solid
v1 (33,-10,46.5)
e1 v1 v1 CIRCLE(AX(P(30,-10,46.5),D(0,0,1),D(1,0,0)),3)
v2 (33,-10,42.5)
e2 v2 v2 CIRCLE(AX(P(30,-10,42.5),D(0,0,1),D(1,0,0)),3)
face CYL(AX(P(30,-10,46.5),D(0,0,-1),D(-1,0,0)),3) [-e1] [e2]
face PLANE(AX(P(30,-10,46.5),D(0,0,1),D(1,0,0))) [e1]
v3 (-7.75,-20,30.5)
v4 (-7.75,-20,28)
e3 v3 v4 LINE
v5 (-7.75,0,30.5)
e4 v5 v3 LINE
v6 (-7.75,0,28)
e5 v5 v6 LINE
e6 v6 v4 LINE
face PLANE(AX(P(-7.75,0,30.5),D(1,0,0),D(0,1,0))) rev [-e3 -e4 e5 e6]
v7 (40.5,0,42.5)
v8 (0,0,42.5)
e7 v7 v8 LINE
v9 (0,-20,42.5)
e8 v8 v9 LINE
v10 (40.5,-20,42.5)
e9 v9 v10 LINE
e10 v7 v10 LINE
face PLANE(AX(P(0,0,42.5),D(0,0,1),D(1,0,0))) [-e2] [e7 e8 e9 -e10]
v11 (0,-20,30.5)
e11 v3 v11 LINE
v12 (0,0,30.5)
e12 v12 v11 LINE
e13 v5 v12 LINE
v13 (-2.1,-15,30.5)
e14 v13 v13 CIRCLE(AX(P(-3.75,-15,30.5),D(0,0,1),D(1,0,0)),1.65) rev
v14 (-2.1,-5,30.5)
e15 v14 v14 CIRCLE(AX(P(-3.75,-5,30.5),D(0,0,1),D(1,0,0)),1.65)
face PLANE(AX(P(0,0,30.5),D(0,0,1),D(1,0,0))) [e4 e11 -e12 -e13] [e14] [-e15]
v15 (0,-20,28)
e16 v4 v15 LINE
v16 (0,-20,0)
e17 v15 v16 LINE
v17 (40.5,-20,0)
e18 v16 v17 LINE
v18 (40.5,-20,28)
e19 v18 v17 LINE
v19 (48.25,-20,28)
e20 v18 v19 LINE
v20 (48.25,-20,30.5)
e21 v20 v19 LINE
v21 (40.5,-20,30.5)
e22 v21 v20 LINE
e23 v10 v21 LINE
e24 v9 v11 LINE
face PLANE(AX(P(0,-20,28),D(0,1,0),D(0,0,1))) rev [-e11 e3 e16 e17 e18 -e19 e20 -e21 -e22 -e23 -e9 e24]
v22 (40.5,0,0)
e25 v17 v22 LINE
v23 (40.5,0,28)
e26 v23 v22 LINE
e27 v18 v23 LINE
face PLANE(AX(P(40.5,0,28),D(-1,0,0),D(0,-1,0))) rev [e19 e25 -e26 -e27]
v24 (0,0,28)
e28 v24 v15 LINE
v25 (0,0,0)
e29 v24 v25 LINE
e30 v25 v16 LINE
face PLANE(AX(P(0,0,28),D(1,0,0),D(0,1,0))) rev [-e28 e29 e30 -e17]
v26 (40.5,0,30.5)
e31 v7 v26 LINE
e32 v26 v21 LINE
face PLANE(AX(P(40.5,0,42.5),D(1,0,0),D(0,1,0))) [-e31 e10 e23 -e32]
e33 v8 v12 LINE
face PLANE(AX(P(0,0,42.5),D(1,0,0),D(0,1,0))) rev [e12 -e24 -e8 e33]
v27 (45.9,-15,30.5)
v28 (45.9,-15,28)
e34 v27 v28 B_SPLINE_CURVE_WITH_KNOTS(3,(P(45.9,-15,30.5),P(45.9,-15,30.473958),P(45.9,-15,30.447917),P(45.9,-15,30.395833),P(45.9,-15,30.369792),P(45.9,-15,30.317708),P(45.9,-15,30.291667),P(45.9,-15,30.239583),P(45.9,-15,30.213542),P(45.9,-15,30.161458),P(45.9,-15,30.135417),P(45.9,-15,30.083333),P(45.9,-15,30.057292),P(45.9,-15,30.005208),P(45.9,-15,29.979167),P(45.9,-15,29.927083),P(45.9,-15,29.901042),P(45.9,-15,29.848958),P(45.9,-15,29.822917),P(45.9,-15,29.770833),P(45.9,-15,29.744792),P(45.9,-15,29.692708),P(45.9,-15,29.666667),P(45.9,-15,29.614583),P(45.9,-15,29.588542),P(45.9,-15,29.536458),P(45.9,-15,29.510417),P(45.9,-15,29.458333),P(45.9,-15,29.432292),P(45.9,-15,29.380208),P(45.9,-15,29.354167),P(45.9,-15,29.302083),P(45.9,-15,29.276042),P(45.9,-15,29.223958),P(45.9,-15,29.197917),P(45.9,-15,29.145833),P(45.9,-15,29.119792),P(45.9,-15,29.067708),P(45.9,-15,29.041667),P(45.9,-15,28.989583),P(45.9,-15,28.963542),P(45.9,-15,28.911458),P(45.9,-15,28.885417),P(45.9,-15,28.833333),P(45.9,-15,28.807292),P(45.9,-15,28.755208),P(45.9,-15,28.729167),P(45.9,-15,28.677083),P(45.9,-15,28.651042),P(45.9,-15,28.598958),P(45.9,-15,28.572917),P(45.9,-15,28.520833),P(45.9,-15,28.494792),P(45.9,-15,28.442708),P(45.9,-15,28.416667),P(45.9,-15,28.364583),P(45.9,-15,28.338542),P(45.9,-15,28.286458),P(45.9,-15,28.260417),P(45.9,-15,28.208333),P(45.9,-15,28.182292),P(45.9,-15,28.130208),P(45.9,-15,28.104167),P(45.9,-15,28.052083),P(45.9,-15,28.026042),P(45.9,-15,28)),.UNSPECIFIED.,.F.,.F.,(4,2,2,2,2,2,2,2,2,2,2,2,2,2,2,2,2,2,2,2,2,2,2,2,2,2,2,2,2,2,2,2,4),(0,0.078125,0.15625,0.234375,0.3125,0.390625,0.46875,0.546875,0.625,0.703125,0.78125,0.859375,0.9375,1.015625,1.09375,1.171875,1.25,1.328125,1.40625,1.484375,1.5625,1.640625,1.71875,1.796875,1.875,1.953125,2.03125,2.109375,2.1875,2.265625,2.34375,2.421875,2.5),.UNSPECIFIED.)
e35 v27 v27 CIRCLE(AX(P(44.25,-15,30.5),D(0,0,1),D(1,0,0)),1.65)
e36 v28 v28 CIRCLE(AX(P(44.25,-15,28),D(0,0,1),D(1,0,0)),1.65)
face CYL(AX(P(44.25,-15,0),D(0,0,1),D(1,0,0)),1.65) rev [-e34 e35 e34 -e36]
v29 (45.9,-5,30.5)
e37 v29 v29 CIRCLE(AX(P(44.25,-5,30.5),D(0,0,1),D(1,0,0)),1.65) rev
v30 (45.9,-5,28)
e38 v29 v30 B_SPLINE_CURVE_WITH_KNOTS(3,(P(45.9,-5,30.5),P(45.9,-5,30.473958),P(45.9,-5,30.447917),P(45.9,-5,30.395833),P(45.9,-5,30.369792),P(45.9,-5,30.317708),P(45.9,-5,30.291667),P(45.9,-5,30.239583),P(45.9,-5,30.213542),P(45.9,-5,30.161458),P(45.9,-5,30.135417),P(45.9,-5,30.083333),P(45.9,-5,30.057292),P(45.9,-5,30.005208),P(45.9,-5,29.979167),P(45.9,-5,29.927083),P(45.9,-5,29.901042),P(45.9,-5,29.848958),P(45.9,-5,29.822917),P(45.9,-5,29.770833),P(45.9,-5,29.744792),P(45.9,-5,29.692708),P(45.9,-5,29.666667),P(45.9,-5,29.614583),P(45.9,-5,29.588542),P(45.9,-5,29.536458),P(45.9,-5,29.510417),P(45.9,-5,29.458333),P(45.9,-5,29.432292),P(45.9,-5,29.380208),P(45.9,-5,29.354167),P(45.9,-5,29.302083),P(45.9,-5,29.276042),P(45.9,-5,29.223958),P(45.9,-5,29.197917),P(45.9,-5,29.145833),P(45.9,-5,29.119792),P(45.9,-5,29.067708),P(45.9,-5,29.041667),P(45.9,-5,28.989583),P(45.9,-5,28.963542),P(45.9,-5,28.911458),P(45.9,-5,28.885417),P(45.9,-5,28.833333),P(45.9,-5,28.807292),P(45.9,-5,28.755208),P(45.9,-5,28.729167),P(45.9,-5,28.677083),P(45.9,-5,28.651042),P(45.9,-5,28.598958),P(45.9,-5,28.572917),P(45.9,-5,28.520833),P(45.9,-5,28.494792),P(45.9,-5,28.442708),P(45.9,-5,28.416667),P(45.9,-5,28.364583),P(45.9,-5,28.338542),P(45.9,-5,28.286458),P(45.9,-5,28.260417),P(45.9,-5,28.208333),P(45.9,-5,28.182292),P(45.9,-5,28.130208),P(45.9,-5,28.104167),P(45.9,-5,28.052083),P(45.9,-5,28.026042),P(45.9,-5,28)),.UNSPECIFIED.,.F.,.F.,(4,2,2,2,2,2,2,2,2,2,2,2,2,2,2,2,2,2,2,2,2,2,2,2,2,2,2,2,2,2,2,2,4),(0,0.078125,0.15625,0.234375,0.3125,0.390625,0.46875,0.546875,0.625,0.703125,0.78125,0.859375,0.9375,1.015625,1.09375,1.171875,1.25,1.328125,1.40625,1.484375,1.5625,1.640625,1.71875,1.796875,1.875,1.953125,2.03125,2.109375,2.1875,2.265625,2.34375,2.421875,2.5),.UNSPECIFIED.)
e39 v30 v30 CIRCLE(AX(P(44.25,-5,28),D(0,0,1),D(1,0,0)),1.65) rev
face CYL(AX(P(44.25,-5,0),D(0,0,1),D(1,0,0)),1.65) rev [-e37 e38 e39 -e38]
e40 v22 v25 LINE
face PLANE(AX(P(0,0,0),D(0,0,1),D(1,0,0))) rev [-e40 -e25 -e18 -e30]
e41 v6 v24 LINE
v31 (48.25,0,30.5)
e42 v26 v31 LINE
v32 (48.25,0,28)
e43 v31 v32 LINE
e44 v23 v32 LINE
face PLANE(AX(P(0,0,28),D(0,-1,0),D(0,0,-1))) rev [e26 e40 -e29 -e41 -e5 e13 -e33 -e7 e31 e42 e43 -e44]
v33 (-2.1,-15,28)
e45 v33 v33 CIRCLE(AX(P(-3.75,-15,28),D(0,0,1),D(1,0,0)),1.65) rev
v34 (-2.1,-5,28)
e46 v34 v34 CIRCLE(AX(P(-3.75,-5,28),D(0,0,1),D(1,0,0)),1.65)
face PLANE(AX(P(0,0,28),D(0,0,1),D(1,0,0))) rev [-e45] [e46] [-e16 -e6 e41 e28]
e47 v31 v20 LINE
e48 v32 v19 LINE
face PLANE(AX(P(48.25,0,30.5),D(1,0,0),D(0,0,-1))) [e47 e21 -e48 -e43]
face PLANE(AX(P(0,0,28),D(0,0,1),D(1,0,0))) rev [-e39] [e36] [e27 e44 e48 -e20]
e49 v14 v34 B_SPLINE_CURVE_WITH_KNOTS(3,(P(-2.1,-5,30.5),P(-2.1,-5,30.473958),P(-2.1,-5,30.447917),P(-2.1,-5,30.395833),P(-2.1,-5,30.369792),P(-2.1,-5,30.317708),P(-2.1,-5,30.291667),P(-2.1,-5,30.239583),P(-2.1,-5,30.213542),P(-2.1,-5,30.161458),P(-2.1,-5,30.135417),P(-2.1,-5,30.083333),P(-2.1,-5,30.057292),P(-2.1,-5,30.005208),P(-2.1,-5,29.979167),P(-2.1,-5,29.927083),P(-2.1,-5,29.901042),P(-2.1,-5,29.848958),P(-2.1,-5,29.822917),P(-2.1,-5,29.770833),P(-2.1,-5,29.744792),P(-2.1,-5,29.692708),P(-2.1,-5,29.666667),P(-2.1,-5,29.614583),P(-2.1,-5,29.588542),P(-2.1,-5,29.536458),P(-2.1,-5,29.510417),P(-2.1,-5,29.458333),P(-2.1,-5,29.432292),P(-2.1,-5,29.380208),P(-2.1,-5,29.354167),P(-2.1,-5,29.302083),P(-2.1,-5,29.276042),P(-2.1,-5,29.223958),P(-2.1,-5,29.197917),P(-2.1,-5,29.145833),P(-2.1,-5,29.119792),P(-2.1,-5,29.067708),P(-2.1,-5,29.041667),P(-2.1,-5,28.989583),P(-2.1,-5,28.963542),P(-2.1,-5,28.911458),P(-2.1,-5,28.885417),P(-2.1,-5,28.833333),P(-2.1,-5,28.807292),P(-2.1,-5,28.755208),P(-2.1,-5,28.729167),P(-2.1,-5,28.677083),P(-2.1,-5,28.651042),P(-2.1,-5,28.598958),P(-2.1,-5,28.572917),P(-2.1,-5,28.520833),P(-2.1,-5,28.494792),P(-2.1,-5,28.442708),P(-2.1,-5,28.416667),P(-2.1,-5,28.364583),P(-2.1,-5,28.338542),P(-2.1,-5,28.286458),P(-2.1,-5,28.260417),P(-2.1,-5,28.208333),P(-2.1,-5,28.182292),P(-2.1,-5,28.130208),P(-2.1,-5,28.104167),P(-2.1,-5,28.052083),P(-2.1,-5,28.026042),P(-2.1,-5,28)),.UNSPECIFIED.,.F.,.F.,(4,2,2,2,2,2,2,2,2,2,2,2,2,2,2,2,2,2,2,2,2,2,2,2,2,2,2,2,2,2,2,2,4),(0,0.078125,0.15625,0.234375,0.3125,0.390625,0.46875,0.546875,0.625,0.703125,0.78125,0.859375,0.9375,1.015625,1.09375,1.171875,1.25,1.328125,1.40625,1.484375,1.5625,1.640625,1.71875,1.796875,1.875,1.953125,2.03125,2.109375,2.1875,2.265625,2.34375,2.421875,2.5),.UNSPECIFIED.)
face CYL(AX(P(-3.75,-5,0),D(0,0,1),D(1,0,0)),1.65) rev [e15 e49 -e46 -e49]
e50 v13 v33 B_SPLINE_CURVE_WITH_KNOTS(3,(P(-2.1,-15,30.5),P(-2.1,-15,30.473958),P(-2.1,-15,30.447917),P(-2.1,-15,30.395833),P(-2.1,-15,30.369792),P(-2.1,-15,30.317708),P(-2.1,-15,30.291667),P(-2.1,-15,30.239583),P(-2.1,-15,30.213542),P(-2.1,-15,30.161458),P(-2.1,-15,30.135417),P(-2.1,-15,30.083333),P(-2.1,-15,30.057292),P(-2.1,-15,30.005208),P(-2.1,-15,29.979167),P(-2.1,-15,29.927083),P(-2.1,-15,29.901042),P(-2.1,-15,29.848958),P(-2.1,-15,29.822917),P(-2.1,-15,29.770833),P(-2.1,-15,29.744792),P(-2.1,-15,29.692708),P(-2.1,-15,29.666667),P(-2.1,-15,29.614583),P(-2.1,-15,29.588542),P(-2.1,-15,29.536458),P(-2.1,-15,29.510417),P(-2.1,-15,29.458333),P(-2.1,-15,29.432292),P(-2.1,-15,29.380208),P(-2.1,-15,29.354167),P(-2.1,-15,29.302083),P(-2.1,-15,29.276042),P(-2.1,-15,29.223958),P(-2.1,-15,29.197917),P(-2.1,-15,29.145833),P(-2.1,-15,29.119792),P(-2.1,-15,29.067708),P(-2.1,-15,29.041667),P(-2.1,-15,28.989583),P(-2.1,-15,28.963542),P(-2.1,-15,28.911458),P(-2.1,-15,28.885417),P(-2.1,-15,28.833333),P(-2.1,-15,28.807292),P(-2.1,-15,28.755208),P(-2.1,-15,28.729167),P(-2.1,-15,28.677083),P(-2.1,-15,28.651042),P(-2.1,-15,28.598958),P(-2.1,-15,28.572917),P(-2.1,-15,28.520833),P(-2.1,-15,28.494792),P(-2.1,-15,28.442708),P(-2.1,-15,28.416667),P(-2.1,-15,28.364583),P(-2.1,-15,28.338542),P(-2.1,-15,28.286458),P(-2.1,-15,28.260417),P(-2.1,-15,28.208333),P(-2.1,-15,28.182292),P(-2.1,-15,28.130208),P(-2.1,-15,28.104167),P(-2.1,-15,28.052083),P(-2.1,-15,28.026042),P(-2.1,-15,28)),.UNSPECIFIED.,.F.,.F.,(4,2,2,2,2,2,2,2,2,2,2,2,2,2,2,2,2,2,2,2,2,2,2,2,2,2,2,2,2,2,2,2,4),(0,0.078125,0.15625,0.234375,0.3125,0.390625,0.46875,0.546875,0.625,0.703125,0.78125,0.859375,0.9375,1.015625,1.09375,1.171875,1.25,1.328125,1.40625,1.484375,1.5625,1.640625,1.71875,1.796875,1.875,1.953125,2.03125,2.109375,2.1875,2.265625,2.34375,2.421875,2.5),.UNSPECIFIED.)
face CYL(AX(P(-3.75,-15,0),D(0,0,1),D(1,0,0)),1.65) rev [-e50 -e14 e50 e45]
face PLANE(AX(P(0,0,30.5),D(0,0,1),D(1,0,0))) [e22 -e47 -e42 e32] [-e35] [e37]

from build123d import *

# Parameters (mm, degrees)
SKETCH_1_W          = 40.5
SKETCH_1_H          = 20
EXTRUDE_1_DEPTH     = 28
SKETCH_2_W          = 7.75
SKETCH_2_H          = 20
SKETCH_2_W_2        = 40.5
EXTRUDE_2_DEPTH     = 2.5
SKETCH_3_W          = 40.5
SKETCH_3_H          = 20
EXTRUDE_3_DEPTH     = 12
SKETCH_4_R          = 3
EXTRUDE_4_DEPTH     = 4
SKETCH_5_R          = 1.65
CUT_EXTRUDE_1_DEPTH = 61.483985484


with BuildPart() as part:
    # 草图1 → 凸台-拉伸1 (new body)
    with BuildSketch(Plane.XY):
        with Locations((20.25, -10)):
            Rectangle(SKETCH_1_W, SKETCH_1_H)
    extrude(amount=EXTRUDE_1_DEPTH)

    # 草图2 → 凸台-拉伸2 (add)
    with BuildSketch(Plane.XY.offset(28)):
        with Locations((-3.875, -10)):
            Rectangle(SKETCH_2_W, SKETCH_2_H)
        with Locations((20.25, -10)):
            Rectangle(SKETCH_2_W_2, SKETCH_2_H)
        with Locations((44.375, -10)):
            Rectangle(SKETCH_2_W, SKETCH_2_H)
    extrude(amount=EXTRUDE_2_DEPTH)

    # 草图3 → 凸台-拉伸3 (add)
    with BuildSketch(Plane.XY.offset(30.5)):
        with Locations((20.25, -10)):
            Rectangle(SKETCH_3_W, SKETCH_3_H)
    extrude(amount=EXTRUDE_3_DEPTH)

    # 草图4 → 凸台-拉伸4 (add)
    with BuildSketch(Plane.XY.offset(42.5)):
        with Locations((30, -10)):
            Circle(SKETCH_4_R)
    extrude(amount=EXTRUDE_4_DEPTH)

    # 草图5 → 切除-拉伸1 (cut, through all)
    with BuildSketch(Plane.XY.offset(30.5)):
        with Locations((-3.75, -5)):
            Circle(SKETCH_5_R)
        with Locations((-3.75, -15)):
            Circle(SKETCH_5_R)
        with Locations((44.25, -5)):
            Circle(SKETCH_5_R)
        with Locations((44.25, -15)):
            Circle(SKETCH_5_R)
    extrude(amount=-CUT_EXTRUDE_1_DEPTH, mode=Mode.SUBTRACT)


solid = part.part
